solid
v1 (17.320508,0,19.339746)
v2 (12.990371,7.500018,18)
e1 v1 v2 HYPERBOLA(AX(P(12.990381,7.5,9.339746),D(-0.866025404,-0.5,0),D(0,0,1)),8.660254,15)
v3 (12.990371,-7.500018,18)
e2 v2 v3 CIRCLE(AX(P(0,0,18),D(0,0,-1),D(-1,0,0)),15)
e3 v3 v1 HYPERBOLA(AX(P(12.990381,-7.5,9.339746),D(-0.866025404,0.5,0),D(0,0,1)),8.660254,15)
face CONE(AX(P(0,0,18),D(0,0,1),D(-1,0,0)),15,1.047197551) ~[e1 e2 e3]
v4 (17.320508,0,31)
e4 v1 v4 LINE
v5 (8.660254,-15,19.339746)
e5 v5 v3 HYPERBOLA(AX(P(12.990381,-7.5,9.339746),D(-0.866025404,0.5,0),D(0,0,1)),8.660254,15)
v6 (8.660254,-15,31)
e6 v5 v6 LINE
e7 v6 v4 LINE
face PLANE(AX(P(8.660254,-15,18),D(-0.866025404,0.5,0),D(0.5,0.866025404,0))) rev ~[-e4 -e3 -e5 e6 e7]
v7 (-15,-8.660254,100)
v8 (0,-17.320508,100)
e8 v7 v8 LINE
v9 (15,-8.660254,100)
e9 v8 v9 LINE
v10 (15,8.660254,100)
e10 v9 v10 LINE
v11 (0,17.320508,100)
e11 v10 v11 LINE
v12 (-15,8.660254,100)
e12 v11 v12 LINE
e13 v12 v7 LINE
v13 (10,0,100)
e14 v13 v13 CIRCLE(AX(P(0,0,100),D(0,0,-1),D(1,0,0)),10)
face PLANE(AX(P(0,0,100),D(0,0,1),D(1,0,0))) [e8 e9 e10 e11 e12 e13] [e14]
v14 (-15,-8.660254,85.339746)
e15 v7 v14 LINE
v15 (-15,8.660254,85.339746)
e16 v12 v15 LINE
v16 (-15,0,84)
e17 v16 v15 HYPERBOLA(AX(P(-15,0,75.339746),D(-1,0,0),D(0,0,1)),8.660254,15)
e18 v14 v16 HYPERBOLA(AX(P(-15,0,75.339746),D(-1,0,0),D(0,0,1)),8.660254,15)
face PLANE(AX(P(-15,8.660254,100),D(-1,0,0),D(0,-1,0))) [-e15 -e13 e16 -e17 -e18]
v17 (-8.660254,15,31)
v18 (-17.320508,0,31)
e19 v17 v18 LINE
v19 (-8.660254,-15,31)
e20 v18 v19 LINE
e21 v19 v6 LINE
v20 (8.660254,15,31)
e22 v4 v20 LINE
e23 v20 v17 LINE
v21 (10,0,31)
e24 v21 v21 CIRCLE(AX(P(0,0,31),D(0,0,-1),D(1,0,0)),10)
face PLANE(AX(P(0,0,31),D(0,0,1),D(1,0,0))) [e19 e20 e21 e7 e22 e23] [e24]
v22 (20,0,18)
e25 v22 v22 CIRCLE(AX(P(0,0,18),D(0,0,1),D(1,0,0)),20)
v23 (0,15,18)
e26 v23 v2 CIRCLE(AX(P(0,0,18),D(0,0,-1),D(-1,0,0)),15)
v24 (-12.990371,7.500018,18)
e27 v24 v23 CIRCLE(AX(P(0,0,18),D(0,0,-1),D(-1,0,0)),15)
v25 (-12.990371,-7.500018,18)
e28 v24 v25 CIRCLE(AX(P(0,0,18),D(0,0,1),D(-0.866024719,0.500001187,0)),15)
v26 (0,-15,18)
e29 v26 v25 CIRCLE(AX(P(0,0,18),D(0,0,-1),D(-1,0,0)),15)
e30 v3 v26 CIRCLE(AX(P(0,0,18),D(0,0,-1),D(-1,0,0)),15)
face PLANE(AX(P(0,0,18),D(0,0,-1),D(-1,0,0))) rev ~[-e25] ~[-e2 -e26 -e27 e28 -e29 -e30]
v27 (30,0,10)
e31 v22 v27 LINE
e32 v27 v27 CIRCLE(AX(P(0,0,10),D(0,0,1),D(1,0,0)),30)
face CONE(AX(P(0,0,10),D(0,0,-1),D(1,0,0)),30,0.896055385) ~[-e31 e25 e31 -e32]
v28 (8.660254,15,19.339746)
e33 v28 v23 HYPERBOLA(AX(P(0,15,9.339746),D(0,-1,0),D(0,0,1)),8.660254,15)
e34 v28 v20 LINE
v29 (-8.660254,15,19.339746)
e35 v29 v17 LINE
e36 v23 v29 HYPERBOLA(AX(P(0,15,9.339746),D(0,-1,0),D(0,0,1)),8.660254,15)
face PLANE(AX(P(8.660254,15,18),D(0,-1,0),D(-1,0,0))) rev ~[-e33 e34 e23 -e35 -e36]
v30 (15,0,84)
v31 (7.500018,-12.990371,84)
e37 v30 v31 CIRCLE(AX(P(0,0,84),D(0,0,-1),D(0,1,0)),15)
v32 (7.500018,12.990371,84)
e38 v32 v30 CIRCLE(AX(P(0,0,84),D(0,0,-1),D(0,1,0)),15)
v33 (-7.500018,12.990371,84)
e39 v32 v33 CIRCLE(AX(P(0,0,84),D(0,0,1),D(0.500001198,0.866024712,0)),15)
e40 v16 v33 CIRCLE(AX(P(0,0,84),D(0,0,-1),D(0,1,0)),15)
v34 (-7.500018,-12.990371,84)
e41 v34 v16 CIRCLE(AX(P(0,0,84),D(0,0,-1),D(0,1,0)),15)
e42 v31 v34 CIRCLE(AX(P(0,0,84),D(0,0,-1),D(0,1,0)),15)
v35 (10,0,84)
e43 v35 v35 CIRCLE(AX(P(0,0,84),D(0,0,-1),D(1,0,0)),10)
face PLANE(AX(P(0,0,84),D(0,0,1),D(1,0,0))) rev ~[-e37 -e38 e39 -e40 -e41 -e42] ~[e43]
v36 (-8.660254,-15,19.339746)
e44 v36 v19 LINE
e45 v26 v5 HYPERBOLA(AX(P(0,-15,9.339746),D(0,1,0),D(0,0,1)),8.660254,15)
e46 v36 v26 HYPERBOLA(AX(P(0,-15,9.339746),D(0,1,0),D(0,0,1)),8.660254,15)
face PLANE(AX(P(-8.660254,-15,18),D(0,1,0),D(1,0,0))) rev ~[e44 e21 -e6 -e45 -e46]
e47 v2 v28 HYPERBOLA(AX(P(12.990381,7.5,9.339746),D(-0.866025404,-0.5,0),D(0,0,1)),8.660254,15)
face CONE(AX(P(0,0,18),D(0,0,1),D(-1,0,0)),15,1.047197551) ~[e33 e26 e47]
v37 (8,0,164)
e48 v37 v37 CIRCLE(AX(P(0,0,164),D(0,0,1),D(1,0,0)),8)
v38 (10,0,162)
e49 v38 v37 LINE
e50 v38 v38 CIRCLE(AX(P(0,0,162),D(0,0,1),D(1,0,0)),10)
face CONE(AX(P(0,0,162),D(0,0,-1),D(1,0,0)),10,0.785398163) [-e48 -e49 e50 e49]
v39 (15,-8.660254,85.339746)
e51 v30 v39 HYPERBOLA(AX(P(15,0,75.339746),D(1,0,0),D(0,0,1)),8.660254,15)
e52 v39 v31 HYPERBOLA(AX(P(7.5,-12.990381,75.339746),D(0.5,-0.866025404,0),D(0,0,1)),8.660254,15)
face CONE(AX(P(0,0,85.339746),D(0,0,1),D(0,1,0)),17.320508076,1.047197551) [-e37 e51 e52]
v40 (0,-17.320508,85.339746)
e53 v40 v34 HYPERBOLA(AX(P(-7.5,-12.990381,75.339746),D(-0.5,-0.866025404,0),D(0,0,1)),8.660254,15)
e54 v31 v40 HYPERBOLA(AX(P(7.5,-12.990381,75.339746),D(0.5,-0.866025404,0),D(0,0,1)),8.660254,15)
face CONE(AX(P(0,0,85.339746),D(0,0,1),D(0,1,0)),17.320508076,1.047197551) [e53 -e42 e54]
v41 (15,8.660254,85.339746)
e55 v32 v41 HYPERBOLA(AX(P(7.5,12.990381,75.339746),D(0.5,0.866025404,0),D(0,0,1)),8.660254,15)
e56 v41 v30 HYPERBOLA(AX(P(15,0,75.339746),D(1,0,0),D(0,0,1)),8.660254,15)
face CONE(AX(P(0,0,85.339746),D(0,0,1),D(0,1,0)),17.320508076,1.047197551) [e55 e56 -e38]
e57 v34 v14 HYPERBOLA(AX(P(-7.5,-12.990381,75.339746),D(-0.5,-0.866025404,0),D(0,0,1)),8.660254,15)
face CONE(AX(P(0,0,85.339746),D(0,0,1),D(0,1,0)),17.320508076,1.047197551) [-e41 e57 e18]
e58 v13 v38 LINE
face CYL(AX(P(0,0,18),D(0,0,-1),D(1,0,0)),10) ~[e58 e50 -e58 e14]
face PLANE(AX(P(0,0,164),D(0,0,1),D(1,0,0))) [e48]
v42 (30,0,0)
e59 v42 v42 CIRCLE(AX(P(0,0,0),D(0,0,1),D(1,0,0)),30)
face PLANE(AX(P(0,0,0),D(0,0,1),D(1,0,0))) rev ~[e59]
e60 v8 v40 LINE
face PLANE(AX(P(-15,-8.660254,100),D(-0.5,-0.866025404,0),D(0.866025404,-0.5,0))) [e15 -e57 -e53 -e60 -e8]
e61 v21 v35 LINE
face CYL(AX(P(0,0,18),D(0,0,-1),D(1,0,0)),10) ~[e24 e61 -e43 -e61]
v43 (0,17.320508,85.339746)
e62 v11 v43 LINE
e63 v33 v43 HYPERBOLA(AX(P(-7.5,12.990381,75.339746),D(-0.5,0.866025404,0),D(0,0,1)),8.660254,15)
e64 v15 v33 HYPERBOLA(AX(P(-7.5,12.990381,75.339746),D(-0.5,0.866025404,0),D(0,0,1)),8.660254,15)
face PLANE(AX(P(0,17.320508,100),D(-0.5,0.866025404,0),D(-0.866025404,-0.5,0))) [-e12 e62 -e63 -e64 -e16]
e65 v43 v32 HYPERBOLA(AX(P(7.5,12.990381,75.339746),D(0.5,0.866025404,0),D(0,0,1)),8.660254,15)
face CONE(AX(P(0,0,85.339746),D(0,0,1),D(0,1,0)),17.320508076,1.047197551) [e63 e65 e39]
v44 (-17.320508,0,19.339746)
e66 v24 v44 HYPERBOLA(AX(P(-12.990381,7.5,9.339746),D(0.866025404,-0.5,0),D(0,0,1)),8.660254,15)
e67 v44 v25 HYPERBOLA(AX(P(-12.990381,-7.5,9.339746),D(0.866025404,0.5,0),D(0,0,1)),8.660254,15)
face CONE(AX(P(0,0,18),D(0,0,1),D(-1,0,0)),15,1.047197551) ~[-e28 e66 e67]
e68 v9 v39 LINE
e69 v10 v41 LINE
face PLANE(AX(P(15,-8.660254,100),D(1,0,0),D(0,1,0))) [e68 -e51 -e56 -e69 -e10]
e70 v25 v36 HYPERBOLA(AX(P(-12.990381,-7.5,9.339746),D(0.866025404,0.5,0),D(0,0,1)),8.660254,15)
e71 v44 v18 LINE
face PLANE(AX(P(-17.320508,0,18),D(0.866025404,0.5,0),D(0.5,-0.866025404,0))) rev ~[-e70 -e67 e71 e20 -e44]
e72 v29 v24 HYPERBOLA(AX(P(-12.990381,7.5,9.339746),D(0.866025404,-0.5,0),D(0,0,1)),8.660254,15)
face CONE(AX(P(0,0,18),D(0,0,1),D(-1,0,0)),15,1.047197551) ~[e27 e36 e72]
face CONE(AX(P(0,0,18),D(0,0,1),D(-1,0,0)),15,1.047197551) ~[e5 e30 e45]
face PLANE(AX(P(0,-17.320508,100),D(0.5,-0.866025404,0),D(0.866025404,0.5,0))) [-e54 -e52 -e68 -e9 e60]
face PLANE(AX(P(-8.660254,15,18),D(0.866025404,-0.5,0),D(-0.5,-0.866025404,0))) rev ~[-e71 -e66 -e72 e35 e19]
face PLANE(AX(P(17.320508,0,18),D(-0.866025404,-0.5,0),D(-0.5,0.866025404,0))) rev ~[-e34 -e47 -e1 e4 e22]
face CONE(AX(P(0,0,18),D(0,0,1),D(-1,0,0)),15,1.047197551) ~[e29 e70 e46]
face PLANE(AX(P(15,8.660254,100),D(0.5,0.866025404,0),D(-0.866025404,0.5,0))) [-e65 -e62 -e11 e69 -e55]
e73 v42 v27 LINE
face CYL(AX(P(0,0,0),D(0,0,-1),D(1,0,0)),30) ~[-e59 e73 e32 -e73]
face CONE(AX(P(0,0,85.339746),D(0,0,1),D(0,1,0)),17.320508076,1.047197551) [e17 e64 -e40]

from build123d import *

# Parameters (mm, degrees)
F0_R      = 30
F1_DEPTH  = 18
F2_R      = 10
F3_DEPTH  = 146
F4_SIZE   = 2
F5_SIZE2  = 8
F5_SIZE   = 10
F7_DEPTH  = 13
F10_DEPTH = 16


with BuildPart() as f1:
    # F0 (on Top) → F1 (new body)
    with BuildSketch(Plane.XY):
        Circle(F0_R)
    extrude(amount=F1_DEPTH)

    # F2 (on face) → F3 (join)
    with BuildSketch(Plane.XY.offset(18)):
        Circle(F2_R)
    extrude(amount=F3_DEPTH)

    # F4
    f4_edges = [f1.edges().sort_by_distance(p)[0] for p in [
        (-10, 0, 164),
    ]]
    chamfer(f4_edges, length=F4_SIZE)

    # F5
    f5_edges = [f1.edges().sort_by_distance(p)[0] for p in [
        (-30, 0, 18),
    ]]
    f5_side = f1.faces().sort_by_distance((-29.151472, 0, 18))[0]
    chamfer(f5_edges, length=F5_SIZE, length2=F5_SIZE2, reference=f5_side)

    # F6 (on face) → F7 (join)
    with BuildSketch(Plane.XY.offset(18)):
        Polygon((8.6602540378, -15), (17.3205080757, 0), (8.6602540378, 15), (-8.6602540378, 15), (-17.3205080757, 0), (-8.6602540378, -15), align=None)
    extrude(amount=F7_DEPTH)

    # F9 (on offset) → F10 (join)
    with BuildSketch(Plane.XY.offset(100)):
        Polygon((15, 8.6602540378), (0, 17.3205080757), (-15, 8.6602540378), (-15, -8.6602540378), (0, -17.3205080757), (15, -8.6602540378), align=None)
    extrude(amount=-F10_DEPTH)

    # F11 (on Right) → F12 (revolve, cut)
    with BuildSketch(Plane.YZ):
        Polygon((15, 84), (17.3205080757, 84), (17.3205080757, 85.3397459622), align=None)
    revolve(axis=Axis((0, 0, 18), (0, 0, -1)), mode=Mode.SUBTRACT)

    # F13 (on Front) → F14 (revolve, cut)
    with BuildSketch(Plane.XZ):
        Polygon((-17.3205080757, 18), (-15, 18), (-17.3205080757, 19.3397459622), align=None)
    revolve(axis=Axis((0, 0, 18), (0, 0, -1)), mode=Mode.SUBTRACT)


solid = f1.part
